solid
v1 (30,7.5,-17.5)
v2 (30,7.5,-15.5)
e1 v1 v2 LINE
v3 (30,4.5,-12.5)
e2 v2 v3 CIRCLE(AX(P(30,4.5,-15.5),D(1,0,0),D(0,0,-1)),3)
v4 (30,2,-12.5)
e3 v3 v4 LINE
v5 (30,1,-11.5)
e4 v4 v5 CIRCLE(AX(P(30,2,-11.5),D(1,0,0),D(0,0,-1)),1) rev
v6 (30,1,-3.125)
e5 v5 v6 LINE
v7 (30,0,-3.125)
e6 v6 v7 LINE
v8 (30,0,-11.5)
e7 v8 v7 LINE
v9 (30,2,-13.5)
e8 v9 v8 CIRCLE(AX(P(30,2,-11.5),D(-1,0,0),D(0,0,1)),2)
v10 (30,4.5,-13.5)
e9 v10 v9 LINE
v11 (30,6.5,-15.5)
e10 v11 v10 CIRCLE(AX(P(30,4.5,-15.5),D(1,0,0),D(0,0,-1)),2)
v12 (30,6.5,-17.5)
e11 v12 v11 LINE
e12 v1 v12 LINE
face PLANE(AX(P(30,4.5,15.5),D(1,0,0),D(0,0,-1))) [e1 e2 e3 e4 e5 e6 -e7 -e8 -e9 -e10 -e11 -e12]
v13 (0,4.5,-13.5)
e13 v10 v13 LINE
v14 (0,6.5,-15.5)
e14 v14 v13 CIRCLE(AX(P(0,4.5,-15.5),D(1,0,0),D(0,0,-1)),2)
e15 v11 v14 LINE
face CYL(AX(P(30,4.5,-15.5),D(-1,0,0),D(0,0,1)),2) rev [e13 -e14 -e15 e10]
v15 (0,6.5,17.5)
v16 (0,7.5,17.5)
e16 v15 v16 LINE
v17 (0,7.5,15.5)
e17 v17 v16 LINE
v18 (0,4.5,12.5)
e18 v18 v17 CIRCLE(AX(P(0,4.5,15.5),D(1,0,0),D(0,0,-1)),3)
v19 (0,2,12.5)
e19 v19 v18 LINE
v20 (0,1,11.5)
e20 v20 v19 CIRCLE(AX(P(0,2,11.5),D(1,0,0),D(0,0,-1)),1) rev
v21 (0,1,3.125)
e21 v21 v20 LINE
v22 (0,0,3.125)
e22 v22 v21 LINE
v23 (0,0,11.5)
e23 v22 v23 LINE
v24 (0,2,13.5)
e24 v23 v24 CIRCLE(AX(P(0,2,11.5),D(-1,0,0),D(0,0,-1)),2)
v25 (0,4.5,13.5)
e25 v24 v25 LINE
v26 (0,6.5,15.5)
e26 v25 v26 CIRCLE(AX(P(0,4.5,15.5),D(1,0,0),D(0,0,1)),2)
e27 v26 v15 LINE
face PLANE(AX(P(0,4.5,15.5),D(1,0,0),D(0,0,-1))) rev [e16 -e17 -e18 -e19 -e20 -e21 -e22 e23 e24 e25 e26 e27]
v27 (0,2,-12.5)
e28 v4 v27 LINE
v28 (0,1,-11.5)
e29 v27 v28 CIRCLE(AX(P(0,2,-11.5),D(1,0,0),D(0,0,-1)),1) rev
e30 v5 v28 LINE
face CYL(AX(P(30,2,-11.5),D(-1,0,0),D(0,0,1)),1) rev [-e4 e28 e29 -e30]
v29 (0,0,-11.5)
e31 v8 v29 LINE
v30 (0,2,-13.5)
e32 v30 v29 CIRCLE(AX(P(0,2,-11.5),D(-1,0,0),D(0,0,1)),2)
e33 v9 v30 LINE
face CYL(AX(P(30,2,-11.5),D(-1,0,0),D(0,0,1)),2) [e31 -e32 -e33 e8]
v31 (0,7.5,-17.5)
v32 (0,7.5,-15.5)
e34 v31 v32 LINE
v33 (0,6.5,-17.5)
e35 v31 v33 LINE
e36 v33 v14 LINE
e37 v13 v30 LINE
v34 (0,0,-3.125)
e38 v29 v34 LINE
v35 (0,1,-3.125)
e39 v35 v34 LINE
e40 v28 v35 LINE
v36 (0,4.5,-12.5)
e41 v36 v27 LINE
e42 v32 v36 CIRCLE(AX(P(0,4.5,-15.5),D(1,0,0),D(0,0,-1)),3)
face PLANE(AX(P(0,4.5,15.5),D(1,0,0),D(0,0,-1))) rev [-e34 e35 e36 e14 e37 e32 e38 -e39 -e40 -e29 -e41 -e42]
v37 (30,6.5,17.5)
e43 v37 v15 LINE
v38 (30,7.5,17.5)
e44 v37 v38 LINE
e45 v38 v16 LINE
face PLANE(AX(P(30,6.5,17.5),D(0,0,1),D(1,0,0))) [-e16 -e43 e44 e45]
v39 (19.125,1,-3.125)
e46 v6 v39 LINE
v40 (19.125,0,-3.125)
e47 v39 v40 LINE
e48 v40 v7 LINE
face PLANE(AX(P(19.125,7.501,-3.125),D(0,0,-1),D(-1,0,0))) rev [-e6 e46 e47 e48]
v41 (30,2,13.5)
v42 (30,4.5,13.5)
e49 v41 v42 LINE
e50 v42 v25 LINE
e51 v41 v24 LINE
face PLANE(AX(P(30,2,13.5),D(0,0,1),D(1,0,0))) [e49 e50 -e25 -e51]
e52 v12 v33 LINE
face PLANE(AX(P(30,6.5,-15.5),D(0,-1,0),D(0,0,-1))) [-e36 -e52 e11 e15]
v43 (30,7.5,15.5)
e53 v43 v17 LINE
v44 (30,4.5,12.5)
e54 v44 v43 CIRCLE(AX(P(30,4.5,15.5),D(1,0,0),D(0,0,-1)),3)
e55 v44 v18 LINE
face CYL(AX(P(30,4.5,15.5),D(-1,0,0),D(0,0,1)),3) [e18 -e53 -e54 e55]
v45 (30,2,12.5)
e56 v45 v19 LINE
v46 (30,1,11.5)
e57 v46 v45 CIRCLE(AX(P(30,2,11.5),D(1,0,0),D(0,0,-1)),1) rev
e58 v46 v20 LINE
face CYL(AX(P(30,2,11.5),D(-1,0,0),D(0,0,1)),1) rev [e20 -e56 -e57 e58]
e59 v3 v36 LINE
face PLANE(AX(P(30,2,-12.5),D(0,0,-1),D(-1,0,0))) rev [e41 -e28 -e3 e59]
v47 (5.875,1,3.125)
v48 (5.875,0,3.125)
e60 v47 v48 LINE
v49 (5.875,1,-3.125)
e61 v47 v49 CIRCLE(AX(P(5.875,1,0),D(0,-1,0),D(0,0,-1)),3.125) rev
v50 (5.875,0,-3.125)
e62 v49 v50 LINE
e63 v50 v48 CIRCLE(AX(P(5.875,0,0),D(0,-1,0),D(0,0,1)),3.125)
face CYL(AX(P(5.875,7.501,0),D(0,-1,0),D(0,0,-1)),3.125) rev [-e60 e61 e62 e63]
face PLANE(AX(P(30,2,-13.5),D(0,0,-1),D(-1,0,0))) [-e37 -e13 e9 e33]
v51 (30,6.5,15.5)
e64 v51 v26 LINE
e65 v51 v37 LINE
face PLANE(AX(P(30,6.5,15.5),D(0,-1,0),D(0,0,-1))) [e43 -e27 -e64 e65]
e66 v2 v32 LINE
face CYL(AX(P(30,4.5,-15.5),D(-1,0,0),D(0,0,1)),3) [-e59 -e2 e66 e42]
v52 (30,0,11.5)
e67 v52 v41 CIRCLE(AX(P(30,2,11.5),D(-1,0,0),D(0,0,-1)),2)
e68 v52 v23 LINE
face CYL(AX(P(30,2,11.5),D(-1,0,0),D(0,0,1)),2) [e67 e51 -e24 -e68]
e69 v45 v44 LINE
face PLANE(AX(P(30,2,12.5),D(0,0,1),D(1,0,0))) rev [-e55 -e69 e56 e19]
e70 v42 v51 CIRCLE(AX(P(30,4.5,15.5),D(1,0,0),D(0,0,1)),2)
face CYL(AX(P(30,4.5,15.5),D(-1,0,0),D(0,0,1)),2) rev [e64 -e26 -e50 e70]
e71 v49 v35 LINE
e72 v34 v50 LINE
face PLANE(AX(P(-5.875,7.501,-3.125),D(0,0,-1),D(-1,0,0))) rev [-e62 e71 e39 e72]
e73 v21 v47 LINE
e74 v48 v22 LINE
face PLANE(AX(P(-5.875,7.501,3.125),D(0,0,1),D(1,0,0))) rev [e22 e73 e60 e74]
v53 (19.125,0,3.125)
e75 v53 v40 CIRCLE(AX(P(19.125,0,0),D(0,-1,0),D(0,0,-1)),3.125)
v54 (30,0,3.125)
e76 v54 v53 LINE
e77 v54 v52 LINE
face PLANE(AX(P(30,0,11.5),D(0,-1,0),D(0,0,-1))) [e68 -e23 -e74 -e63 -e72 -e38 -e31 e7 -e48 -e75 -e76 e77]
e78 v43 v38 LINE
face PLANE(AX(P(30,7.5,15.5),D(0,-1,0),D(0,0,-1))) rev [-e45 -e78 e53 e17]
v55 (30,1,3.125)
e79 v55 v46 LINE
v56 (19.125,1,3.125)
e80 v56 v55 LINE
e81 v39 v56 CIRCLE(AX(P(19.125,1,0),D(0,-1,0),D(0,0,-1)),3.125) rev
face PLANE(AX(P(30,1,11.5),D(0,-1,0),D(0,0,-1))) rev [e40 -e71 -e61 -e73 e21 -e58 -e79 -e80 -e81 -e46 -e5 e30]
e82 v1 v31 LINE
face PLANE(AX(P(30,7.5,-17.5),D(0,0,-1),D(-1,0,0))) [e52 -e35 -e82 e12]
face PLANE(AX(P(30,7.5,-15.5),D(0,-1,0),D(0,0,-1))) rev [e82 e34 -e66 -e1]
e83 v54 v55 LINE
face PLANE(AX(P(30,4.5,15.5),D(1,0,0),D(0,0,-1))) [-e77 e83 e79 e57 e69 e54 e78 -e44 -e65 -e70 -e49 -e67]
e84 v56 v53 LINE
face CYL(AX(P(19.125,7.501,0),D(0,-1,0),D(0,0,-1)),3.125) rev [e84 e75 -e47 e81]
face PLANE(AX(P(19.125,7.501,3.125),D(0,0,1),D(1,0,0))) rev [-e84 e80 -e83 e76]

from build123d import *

# Parameters (mm, degrees)
EXTRUDE_THIN1_DEPTH = 30
CUT_EXTRUDE1_DEPTH  = 1
LPATTERN1_COUNT     = 2
LPATTERN1_PITCH     = 25


with BuildPart() as part:
    # Sketch1 → Extrude-Thin1 (new body)
    with BuildSketch(Plane(origin=(0, 0, 0), x_dir=(0, 0, -1), z_dir=(1, 0, 0))):
        with BuildLine():
            Line((-17.5, 6.5), (-15.5, 6.5))
            ThreePointArc((-15.5, 6.5), (-14.085786438, 5.914213562), (-13.5, 4.5))
            Line((-13.5, 4.5), (-13.5, 2))
            ThreePointArc((-13.5, 2), (-12.914213562, 0.585786438), (-11.5, 0))
            Line((-11.5, 0), (11.5, 0))
            ThreePointArc((11.5, 0), (12.914213562, 0.585786438), (13.5, 2))
            Line((13.5, 2), (13.5, 4.5))
            ThreePointArc((13.5, 4.5), (14.085786438, 5.914213562), (15.5, 6.5))
            Line((15.5, 6.5), (17.5, 6.5))
            Line((17.5, 6.5), (17.5, 7.5))
            Line((17.5, 7.5), (15.5, 7.5))
            ThreePointArc((15.5, 7.5), (13.378679656, 6.621320344), (12.5, 4.5))
            Line((12.5, 4.5), (12.5, 2))
            ThreePointArc((12.5, 2), (12.207106781, 1.292893219), (11.5, 1))
            Line((11.5, 1), (-11.5, 1))
            ThreePointArc((-11.5, 1), (-12.207106781, 1.292893219), (-12.5, 2))
            Line((-12.5, 2), (-12.5, 4.5))
            ThreePointArc((-12.5, 4.5), (-13.378679656, 6.621320344), (-15.5, 7.5))
            Line((-15.5, 7.5), (-17.5, 7.5))
            Line((-17.5, 7.5), (-17.5, 6.5))
        make_face()
    extrude(amount=EXTRUDE_THIN1_DEPTH)

    # Sketch2 → Cut-Extrude1 (cut)
    with BuildSketch(Plane.XZ):
        with BuildLine():
            Line((-5.875, 3.125), (5.875, 3.125))
            ThreePointArc((5.875, 3.125), (9, 0), (5.875, -3.125))
            Line((5.875, -3.125), (-5.875, -3.125))
            ThreePointArc((-5.875, -3.125), (-9, 0), (-5.875, 3.125))
        make_face()
    cut_extrude1 = extrude(amount=-CUT_EXTRUDE1_DEPTH, mode=Mode.SUBTRACT)

    # LPattern1: Cut-Extrude1 ×2
    with Locations(*[(i * LPATTERN1_PITCH, 0, 0) for i in range(1, LPATTERN1_COUNT)]):
        add(cut_extrude1, mode=Mode.SUBTRACT)


solid = part.part
